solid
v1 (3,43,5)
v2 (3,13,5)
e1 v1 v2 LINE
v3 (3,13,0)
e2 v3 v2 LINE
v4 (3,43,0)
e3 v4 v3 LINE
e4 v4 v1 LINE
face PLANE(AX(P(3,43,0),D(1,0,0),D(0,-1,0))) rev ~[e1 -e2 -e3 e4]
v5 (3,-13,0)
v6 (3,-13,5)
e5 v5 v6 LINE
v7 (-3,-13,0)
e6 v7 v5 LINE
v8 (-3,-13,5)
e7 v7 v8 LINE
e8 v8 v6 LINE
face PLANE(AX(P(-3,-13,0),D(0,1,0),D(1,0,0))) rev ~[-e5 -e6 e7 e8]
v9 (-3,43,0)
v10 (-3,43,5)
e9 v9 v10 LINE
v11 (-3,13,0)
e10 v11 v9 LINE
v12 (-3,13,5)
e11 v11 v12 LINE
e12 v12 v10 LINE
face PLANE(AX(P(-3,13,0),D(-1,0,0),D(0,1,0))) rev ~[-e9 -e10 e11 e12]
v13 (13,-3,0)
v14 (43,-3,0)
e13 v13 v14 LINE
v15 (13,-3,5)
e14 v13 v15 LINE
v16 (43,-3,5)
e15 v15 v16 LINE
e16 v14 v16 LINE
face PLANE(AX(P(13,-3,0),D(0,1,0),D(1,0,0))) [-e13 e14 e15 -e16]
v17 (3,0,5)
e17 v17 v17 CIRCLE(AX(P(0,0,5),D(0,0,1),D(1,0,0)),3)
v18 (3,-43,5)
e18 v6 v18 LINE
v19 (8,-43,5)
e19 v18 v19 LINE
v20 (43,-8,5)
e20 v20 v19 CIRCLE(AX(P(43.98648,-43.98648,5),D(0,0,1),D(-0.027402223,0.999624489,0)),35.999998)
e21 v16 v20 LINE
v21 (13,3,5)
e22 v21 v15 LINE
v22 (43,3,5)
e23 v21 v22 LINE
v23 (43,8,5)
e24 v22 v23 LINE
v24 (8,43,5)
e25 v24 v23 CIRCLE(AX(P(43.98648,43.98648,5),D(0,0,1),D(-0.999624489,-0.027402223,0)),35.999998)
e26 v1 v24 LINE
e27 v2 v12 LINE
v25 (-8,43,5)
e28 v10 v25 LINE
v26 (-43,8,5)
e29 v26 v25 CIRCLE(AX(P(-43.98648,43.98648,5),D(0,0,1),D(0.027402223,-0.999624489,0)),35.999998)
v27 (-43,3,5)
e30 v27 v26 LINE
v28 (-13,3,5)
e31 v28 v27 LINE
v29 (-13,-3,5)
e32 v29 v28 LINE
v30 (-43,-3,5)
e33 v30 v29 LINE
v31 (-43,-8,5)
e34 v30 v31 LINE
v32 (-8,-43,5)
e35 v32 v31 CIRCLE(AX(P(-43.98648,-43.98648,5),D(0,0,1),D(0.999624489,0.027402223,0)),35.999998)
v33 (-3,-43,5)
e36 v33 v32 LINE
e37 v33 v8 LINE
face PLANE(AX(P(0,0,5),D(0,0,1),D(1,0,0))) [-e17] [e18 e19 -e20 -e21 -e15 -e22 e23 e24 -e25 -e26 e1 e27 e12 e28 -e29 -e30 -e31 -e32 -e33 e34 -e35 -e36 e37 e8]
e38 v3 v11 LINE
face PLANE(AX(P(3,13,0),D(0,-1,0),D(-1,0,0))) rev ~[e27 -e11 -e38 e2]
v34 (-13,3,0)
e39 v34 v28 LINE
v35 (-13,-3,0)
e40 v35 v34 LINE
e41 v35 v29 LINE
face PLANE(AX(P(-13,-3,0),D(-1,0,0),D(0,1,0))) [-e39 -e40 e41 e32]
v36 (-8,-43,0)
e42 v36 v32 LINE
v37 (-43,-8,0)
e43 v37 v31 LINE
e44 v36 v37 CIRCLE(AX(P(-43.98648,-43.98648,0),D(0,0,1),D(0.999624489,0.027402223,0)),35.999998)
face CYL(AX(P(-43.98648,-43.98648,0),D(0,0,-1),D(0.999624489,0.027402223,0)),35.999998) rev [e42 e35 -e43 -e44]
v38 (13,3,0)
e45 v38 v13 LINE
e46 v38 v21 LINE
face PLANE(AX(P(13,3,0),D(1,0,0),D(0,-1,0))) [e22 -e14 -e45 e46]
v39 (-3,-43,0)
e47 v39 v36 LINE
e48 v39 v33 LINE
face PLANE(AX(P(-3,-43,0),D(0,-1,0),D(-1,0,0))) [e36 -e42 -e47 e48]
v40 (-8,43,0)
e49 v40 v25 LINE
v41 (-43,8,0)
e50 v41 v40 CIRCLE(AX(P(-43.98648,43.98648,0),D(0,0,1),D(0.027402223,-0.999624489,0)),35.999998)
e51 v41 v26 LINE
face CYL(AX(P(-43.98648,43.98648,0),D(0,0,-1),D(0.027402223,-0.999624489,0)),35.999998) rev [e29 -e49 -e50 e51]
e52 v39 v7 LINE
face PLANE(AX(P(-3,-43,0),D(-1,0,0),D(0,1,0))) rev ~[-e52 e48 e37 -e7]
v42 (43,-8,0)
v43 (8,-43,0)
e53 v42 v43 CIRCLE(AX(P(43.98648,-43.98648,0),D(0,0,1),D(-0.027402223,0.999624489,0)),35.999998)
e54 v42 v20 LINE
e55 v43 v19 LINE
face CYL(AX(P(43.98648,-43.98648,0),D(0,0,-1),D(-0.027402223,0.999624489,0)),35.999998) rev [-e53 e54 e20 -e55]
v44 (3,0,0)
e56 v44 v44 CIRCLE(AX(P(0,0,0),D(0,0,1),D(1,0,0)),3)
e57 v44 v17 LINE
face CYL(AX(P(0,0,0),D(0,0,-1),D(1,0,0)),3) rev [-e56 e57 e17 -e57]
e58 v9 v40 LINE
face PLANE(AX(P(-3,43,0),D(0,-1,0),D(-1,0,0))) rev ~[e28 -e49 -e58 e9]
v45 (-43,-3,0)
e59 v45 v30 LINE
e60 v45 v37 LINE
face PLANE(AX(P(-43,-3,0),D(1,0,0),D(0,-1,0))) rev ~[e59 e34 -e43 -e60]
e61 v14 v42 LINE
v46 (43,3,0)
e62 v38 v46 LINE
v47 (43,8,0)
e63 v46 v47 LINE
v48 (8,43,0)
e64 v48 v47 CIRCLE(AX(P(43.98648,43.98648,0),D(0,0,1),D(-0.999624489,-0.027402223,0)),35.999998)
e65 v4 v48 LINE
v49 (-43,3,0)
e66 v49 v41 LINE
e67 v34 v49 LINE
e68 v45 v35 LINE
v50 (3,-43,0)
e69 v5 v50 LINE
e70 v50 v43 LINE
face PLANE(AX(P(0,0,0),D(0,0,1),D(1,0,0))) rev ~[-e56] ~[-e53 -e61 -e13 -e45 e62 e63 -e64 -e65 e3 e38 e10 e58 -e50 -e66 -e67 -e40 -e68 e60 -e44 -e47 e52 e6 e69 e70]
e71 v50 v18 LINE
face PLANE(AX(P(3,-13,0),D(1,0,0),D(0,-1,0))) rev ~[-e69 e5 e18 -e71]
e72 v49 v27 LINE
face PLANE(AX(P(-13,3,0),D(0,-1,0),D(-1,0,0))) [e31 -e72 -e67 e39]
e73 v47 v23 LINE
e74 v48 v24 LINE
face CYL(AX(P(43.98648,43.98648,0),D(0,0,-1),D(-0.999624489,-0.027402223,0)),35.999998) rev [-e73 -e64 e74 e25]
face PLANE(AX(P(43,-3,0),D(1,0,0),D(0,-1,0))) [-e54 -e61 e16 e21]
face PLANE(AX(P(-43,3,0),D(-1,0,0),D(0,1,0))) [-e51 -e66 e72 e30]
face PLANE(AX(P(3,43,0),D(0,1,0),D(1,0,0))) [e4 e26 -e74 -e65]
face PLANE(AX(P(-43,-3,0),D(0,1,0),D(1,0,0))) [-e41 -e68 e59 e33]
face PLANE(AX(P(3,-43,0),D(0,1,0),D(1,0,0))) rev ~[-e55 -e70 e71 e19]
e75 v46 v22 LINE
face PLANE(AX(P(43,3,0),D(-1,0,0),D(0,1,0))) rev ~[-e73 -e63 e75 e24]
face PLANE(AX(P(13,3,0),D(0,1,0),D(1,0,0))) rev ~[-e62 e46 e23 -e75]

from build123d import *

# Parameters (mm, degrees)
SKETCH_R  = 3
PAD_DEPTH = 5


with BuildPart() as part:
    # Sketch → Pad (new body)
    with BuildSketch(Plane.XY):
        with BuildLine():
            Line((3, 43), (3, 13))
            Line((3, 13), (-3, 13))
            Line((-3, 13), (-3, 43))
            Line((-3, 43), (-8, 43))
            ThreePointArc((-43, 8), (-18.530637, 18.530637), (-8, 43))
            Line((-43, 3), (-43, 8))
            Line((-13, 3), (-43, 3))
            Line((-13, -3), (-13, 3))
            Line((-43, -3), (-13, -3))
            Line((-43, -3), (-43, -8))
            ThreePointArc((-8, -43), (-18.530637, -18.530637), (-43, -8))
            Line((-3, -43), (-8, -43))
            Line((-3, -43), (-3, -13))
            Line((-3, -13), (3, -13))
            Line((3, -13), (3, -43))
            Line((3, -43), (8, -43))
            ThreePointArc((43, -8), (18.530637, -18.530637), (8, -43))
            Line((43, -3), (43, -8))
            Line((13, -3), (43, -3))
            Line((13, 3), (13, -3))
            Line((13, 3), (43, 3))
            Line((43, 3), (43, 8))
            ThreePointArc((8, 43), (18.530637, 18.530637), (43, 8))
            Line((3, 43), (8, 43))
        make_face()
        Circle(SKETCH_R, mode=Mode.SUBTRACT)
    extrude(amount=PAD_DEPTH)


solid = part.part
